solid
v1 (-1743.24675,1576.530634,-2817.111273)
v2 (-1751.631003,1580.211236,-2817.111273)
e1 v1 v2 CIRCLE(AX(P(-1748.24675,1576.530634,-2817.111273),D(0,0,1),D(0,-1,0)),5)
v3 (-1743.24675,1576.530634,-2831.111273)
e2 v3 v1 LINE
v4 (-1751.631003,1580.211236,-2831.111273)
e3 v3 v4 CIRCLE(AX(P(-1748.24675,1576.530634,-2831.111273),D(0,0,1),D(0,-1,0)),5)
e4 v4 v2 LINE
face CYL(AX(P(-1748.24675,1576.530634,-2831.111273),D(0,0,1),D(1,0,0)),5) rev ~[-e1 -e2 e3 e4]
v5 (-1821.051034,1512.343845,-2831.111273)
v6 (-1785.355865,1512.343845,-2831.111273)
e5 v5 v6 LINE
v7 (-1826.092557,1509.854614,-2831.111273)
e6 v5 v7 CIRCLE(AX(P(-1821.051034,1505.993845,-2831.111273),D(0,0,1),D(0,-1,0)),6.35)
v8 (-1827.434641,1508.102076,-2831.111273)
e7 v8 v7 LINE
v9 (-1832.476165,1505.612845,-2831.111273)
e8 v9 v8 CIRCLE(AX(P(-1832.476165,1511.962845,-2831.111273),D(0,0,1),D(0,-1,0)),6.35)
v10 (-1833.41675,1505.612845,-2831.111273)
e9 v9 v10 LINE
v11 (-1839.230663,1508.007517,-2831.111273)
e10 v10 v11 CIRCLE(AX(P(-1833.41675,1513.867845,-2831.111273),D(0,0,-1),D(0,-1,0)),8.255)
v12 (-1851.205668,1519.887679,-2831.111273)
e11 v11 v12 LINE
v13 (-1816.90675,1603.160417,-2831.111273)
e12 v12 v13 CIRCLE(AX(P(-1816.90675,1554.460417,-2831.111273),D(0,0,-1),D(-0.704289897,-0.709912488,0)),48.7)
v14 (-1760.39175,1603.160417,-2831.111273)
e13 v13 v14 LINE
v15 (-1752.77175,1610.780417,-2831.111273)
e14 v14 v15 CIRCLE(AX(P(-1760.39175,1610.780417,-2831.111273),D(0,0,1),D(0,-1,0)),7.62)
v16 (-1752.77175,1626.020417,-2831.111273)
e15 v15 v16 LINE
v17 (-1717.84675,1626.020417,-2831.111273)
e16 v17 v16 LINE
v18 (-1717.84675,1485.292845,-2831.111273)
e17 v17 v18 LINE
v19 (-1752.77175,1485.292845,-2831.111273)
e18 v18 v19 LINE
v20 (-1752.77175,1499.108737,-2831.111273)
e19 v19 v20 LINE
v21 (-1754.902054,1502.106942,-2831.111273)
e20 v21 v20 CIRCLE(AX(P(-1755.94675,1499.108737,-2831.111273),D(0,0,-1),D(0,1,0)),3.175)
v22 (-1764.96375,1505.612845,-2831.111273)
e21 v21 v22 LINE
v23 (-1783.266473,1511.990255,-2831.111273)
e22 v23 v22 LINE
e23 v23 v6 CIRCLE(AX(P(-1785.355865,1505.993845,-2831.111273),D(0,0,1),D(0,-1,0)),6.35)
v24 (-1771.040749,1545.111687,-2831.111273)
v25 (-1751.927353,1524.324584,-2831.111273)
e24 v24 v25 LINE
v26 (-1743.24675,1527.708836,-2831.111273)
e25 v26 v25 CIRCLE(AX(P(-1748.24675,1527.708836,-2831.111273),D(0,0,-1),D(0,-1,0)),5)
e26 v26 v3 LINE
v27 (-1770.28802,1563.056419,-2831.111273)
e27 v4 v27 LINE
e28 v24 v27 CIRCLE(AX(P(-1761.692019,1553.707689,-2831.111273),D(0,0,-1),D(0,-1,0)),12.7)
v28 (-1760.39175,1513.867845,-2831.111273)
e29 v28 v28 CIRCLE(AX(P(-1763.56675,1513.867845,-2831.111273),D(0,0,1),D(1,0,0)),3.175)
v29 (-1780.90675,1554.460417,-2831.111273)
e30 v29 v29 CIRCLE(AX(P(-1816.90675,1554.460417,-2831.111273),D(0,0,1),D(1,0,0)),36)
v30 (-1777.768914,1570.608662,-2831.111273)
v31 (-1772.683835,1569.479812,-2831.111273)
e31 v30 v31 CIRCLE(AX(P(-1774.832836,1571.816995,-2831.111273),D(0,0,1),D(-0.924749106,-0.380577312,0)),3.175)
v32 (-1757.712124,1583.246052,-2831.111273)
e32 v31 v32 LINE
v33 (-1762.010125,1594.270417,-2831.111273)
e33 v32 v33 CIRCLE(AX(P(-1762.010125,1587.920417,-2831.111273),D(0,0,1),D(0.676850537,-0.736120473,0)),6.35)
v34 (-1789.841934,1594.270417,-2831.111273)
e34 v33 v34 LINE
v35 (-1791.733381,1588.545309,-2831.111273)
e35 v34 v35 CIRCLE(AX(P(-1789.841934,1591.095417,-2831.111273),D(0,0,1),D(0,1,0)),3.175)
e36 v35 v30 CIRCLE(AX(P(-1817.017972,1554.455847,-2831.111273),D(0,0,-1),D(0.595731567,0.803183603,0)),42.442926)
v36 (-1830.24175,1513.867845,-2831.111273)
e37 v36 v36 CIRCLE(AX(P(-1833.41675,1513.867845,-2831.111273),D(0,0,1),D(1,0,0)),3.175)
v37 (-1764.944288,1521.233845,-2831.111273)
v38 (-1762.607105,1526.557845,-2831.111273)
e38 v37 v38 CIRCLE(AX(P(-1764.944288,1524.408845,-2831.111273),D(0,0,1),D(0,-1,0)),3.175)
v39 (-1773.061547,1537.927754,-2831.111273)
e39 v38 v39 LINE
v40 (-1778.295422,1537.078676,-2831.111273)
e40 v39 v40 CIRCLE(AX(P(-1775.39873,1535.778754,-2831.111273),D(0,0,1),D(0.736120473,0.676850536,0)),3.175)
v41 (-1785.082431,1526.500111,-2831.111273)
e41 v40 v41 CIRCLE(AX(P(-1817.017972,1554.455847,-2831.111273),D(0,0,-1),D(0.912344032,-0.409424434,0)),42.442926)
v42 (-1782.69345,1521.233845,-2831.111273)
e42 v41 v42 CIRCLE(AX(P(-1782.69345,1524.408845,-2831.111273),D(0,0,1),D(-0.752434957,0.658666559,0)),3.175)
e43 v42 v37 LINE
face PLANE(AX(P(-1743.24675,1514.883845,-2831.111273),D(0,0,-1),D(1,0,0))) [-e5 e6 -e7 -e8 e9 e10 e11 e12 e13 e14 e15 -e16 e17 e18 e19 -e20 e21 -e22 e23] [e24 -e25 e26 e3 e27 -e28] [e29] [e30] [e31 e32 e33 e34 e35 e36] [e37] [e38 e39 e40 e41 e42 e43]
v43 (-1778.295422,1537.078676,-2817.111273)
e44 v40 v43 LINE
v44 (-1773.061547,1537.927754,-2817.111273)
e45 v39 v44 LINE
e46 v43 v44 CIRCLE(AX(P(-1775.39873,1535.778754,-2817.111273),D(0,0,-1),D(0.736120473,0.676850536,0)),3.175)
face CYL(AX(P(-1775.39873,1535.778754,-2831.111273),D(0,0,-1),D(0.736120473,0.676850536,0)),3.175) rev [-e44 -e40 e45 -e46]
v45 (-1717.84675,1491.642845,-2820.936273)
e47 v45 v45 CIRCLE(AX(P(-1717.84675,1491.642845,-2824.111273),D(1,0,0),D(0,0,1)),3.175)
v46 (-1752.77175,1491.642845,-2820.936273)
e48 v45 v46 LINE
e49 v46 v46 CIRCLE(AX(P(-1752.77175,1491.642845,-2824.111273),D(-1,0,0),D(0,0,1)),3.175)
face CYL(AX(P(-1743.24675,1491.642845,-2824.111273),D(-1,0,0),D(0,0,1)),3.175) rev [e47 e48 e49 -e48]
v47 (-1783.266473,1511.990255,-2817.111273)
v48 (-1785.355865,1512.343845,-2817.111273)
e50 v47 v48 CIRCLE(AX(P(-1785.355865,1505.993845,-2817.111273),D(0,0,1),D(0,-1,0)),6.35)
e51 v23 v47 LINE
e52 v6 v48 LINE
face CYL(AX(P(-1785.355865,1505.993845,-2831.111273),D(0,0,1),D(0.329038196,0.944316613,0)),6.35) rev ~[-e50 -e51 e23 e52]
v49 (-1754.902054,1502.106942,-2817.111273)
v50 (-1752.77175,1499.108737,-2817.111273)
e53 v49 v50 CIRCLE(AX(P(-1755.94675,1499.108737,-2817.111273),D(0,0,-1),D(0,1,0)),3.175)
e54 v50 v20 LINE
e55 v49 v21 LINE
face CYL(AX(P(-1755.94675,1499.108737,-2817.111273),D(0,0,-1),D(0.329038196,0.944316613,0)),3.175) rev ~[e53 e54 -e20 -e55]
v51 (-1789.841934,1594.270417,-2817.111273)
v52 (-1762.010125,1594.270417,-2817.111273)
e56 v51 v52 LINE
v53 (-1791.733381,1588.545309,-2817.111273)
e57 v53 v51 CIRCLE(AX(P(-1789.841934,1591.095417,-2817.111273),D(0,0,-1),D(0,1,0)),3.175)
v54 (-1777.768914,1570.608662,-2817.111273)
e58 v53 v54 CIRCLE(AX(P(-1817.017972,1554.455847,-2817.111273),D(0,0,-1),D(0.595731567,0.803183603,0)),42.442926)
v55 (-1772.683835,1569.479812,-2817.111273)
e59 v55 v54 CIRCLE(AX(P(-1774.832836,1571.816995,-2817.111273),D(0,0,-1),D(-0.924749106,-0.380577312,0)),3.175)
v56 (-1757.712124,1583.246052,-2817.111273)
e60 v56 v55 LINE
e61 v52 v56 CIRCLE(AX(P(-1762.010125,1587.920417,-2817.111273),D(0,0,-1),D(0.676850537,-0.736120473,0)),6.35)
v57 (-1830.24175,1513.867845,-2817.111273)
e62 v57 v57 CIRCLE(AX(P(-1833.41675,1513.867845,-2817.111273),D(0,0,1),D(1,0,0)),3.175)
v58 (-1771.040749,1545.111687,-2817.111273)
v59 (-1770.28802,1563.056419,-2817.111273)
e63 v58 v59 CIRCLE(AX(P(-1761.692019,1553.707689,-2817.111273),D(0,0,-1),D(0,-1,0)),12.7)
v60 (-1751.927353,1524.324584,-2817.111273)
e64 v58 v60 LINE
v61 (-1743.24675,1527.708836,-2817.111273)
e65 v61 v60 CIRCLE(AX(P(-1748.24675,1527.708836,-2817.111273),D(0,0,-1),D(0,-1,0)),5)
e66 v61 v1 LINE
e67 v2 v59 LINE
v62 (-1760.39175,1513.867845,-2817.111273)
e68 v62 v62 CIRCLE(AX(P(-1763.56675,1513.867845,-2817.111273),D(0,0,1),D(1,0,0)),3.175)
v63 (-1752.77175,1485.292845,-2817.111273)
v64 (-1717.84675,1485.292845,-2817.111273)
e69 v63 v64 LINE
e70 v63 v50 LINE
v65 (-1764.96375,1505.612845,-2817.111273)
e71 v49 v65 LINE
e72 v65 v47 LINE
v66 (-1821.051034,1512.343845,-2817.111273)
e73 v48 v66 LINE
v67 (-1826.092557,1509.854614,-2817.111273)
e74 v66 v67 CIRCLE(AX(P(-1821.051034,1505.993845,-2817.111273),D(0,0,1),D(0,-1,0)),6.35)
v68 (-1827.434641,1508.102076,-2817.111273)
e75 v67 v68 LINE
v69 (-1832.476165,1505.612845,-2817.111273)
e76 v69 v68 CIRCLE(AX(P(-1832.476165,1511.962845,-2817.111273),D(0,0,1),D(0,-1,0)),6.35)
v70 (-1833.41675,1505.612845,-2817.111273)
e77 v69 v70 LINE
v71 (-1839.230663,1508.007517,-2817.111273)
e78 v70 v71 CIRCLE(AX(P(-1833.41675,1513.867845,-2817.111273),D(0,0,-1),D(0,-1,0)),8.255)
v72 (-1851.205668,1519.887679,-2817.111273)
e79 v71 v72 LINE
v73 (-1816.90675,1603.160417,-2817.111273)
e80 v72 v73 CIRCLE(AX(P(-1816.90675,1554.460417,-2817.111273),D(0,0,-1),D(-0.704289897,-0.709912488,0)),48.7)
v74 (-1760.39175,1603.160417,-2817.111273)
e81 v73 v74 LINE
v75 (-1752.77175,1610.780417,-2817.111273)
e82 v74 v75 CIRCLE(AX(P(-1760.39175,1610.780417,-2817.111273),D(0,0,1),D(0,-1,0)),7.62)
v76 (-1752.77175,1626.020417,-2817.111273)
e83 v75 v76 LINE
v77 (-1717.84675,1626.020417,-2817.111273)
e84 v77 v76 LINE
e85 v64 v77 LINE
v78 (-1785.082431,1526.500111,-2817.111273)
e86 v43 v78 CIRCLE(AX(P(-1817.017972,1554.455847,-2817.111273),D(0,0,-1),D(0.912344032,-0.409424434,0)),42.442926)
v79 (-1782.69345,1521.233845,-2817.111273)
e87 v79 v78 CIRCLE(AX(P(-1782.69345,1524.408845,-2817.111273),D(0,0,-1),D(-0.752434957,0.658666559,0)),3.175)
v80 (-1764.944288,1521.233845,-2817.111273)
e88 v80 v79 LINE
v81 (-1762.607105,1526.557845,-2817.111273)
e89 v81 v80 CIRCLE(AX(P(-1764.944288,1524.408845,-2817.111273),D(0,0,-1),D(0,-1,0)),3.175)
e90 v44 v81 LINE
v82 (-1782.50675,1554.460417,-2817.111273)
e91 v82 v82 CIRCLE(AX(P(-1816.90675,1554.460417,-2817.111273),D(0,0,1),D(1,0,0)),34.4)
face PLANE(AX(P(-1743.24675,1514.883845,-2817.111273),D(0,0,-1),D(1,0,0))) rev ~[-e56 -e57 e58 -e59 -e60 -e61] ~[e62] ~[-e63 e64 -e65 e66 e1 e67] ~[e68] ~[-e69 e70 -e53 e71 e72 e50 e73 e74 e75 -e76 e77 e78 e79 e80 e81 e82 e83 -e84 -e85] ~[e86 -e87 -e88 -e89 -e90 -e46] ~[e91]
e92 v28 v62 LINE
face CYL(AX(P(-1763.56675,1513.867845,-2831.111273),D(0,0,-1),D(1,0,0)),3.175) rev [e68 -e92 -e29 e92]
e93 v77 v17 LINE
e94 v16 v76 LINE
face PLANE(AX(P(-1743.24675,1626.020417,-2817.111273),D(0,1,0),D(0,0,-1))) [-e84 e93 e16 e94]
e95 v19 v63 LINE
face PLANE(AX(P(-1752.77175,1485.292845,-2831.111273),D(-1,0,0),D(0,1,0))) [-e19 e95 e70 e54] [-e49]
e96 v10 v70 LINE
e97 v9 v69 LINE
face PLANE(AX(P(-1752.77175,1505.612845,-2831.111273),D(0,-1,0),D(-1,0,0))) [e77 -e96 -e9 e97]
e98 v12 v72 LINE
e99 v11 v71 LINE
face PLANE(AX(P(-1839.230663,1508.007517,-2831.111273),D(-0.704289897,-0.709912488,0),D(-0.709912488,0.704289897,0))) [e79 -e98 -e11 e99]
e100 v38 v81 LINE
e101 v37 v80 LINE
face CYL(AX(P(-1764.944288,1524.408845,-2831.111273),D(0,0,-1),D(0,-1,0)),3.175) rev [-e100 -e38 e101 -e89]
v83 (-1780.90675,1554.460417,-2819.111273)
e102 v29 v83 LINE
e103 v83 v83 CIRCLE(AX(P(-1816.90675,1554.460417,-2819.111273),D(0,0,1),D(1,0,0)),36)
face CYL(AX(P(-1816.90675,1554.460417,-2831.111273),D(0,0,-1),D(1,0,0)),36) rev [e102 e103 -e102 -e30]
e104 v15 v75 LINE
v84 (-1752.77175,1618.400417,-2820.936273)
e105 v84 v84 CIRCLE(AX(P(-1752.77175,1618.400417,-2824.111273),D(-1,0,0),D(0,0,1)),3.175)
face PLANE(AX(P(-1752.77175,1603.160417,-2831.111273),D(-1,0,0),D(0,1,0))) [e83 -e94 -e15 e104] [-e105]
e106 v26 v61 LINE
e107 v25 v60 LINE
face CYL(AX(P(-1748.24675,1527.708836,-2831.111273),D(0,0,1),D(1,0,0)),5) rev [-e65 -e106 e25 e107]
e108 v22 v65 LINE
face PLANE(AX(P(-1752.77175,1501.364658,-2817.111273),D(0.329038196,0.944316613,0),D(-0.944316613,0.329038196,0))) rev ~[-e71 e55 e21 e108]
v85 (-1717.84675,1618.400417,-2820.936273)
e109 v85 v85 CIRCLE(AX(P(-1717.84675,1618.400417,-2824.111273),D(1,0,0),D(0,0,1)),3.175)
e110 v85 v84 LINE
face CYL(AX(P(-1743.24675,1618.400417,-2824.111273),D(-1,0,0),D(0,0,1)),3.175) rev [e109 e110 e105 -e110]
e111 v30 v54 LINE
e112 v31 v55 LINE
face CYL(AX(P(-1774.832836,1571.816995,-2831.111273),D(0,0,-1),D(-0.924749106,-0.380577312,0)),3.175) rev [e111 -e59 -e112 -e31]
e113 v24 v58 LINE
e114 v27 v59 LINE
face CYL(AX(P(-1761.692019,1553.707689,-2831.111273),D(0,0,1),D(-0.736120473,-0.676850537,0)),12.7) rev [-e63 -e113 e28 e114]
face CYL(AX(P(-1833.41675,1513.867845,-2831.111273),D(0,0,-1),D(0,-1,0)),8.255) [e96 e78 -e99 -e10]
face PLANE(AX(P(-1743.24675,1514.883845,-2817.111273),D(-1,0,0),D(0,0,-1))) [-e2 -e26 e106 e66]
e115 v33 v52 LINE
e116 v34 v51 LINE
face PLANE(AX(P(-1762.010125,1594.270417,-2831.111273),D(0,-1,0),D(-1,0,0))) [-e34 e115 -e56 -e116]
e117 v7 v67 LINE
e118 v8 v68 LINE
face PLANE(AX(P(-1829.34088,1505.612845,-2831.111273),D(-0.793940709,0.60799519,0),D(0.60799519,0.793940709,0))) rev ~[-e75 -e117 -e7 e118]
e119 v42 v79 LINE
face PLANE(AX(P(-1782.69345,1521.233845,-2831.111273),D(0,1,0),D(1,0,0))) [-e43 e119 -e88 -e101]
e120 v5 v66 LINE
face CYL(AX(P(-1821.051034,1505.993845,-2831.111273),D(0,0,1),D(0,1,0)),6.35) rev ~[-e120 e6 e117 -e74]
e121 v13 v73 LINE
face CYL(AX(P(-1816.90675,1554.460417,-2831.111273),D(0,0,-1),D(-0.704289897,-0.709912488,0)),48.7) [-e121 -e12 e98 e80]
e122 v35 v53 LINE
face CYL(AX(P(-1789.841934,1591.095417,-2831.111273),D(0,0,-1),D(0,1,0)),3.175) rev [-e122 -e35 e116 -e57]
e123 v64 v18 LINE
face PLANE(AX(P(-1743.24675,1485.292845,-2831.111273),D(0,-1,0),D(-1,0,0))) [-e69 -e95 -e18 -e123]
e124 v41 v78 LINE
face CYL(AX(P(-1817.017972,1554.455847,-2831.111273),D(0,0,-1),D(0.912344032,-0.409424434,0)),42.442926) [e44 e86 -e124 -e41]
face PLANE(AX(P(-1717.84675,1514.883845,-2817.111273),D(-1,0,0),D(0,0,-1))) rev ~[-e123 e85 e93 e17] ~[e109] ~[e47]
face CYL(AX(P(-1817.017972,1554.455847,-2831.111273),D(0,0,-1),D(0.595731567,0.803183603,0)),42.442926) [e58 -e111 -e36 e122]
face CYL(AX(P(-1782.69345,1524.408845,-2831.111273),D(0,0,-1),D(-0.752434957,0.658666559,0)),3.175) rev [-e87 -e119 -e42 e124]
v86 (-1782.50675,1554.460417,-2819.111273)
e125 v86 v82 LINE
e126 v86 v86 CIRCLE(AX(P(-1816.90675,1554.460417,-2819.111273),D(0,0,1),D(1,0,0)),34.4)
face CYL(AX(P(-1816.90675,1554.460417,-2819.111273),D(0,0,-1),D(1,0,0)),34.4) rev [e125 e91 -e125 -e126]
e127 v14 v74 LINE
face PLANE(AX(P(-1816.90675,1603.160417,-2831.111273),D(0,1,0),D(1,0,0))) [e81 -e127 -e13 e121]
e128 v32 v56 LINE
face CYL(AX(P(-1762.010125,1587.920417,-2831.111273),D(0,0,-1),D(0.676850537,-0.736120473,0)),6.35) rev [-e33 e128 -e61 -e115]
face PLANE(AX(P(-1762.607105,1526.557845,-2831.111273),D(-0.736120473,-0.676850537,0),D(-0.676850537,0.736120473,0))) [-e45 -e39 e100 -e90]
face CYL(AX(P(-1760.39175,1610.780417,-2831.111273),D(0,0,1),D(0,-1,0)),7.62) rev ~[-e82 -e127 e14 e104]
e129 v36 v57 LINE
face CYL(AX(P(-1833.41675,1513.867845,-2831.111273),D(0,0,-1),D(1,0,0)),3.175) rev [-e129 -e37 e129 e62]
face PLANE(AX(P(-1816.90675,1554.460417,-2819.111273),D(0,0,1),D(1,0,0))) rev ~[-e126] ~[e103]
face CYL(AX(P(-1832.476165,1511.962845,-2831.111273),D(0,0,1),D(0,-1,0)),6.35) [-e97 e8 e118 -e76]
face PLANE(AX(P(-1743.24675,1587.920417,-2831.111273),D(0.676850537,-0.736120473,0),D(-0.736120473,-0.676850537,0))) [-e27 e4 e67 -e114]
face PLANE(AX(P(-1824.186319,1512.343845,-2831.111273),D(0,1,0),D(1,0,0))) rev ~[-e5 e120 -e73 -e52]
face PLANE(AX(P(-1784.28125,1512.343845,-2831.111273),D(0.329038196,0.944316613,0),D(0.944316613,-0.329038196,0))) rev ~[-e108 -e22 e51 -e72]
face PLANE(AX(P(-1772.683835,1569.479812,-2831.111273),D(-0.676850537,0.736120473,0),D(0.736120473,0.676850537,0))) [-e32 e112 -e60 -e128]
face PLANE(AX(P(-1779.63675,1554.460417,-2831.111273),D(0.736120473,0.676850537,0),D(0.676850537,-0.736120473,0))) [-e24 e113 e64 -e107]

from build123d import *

# Parameters (mm, degrees)
BOSS_EXTRUDE1_DEPTH      = 8
BOSS_EXTRUDE1_DEPTH_BACK = 6
SKETCH1_R                = 36
SKETCH1_R_2              = 3.175
BOSS_EXTRUDE2_START      = -2
SKETCH3_R                = 36
SKETCH3_R_2              = 34.4
BOSS_EXTRUDE2_DEPTH      = 2
SKETCH4_R                = 3.175
CUT_EXTRUDE1_DEPTH       = 3267.782082753
FILLET11_R               = 12.7
CUT_EXTRUDE2_DEPTH       = 22.352
FILLET13_R               = 7.62
BOSS_EXTRUDE5_DEPTH      = 14
FILLET16_R               = 6.35
FILLET17_R               = 3.175
SKETCH10_W               = 14
SKETCH10_H               = 38.1
SKETCH10_R               = 3.175
SKETCH10_H_2             = 29.591
BOSS_EXTRUDE6_DEPTH      = 25.4
BOSS_EXTRUDE7_REACH      = 3394.349
SKETCH11_W               = 25.4
SKETCH11_H               = 14
FILLET18_R               = 5


with BuildPart() as part:
    # Sketch1 → Boss-Extrude1 (new, two sides: drawn at the far end of the back side and taken through both)
    with BuildSketch(Plane(origin=(-1819.591456758, 1585.913991712, -2825.111273399), x_dir=(1, 0, 0), z_dir=(0, 0, 1)).offset(-BOSS_EXTRUDE1_DEPTH_BACK)):
        with BuildLine():
            Line((2.684706364, 17.24642532), (66.819706364, 17.24642532))
            Line((66.819706364, 17.24642532), (66.819706364, 40.10642532))
            Line((66.819706364, 40.10642532), (76.344706364, 40.10642532))
            Line((76.344706364, 40.10642532), (76.344706364, 2.00642532))
            Line((76.344706364, 2.00642532), (39.954706364, -31.45357468))
            Line((39.954706364, -31.45357468), (76.344706364, -71.030146707))
            Line((76.344706364, -71.030146707), (76.344706364, -100.621146707))
            Line((76.344706364, -100.621146707), (66.819706364, -100.621146707))
            Line((66.819706364, -100.621146707), (66.819706364, -80.301146707))
            Line((66.819706364, -80.301146707), (-13.825293636, -80.301146707))
            ThreePointArc((-13.825293636, -80.301146707), (-16.969178238, -79.679037025), (-19.63920674, -77.906474293))
            Line((-19.63920674, -77.906474293), (-31.614211644, -66.026312835))
            ThreePointArc((-31.614211644, -66.026312835), (-42.345185642, -12.90636934), (2.684706364, 17.24642532))
        make_face()
        with Locations((2.684706364, -31.45357468)):
            Circle(SKETCH1_R, mode=Mode.SUBTRACT)
        with Locations((56.024706364, -72.046146707)):
            Circle(SKETCH1_R_2, mode=Mode.SUBTRACT)
        with Locations((-13.825293636, -72.046146707)):
            Circle(SKETCH1_R_2, mode=Mode.SUBTRACT)
    extrude(amount=BOSS_EXTRUDE1_DEPTH + BOSS_EXTRUDE1_DEPTH_BACK)

    # Sketch3 → Boss-Extrude2 (add)
    with BuildSketch(Plane.XY.offset(-2817.111273399).offset(BOSS_EXTRUDE2_START)):
        with Locations((-1816.906750395, 1554.460417032)):
            Circle(SKETCH3_R)
        with Locations((-1816.906750395, 1554.460417032)):
            Circle(SKETCH3_R_2, mode=Mode.SUBTRACT)
    extrude(amount=BOSS_EXTRUDE2_DEPTH)

    # Sketch4 → Cut-Extrude1 (cut, through all)
    with BuildSketch(Plane.ZY.offset(1752.771750395)):
        with Locations((-2824.111273399, 1618.400417032)):
            Circle(SKETCH4_R)
        with Locations((-2824.111273399, 1491.642845005)):
            Circle(SKETCH4_R)
    extrude(amount=-CUT_EXTRUDE1_DEPTH, mode=Mode.SUBTRACT)

    # Fillet11
    fillet11_edges = [part.edges().sort_by_distance(p)[0] for p in [
        (-1779.636750395, 1554.460417032, -2824.111273399),
    ]]
    fillet(fillet11_edges, radius=FILLET11_R)

    # Sketch6 → Cut-Extrude2 (cut)
    with BuildSketch(Plane(origin=(0, 0, -2831.111273399), x_dir=(-1, 0, 0), z_dir=(0, 0, -1))):
        with BuildLine():
            Line((1772.683835409, 1569.479812149), (1757.712123838, 1583.246052027))
            ThreePointArc((1757.712123838, 1583.246052027), (1756.093845604, 1590.22696014), (1762.010124746, 1594.270417032))
            Line((1762.010124746, 1594.270417032), (1789.841933512, 1594.270417032))
            ThreePointArc((1789.841933512, 1594.270417032), (1792.856665482, 1592.091417106), (1791.733381238, 1588.545309093))
            ThreePointArc((1791.733381238, 1588.545309093), (1783.527991751, 1580.529266005), (1777.768914276, 1570.608661686))
            ThreePointArc((1777.768914276, 1570.608661686), (1775.52091162, 1568.717450047), (1772.683835409, 1569.479812149))
        make_face()
        with BuildLine():
            Line((1782.693449915, 1521.233845005), (1764.944287612, 1521.233845005))
            ThreePointArc((1764.944287612, 1521.233845005), (1762.037080925, 1523.132610591), (1762.60710511, 1526.557845459))
            Line((1762.60710511, 1526.557845459), (1773.061547126, 1537.927754155))
            ThreePointArc((1773.061547126, 1537.927754155), (1775.907154759, 1538.912781284), (1778.29542193, 1537.07867628))
            ThreePointArc((1778.29542193, 1537.07867628), (1781.295178562, 1531.536772561), (1785.082430904, 1526.500111328))
            ThreePointArc((1785.082430904, 1526.500111328), (1785.584850577, 1523.097194437), (1782.693449915, 1521.233845005))
        make_face()
        Polygon((1824.186318893, 1512.343845005), (1784.281249696, 1512.343845005), (1764.963750395, 1505.612845005), (1752.771750395, 1505.612845005), (1752.771750395, 1485.292845005), (1829.340879649, 1505.612845005), align=None)
    extrude(amount=-CUT_EXTRUDE2_DEPTH, mode=Mode.SUBTRACT)

    # Fillet13
    fillet13_edges = [part.edges().sort_by_distance(p)[0] for p in [
        (-1752.771750395, 1603.160417032, -2824.111273399),
    ]]
    fillet(fillet13_edges, radius=FILLET13_R)

    # Sketch9 → Boss-Extrude5 (add)
    with BuildSketch(Plane.XY.offset(-2817.111273399)):
        Polygon((-1764.963750395, 1505.612845005), (-1752.771750395, 1505.612845005), (-1752.771750395, 1501.364657871), align=None)
    extrude(amount=-BOSS_EXTRUDE5_DEPTH)

    # Fillet16
    fillet16_edges = [part.edges().sort_by_distance(p)[0] for p in [
        (-1824.186318893, 1512.343845005, -2824.111273399),
        (-1829.340879649, 1505.612845005, -2824.111273399),
        (-1784.281249696, 1512.343845005, -2824.111273399),
    ]]
    fillet(fillet16_edges, radius=FILLET16_R)

    # Fillet17
    fillet17_edges = [part.edges().sort_by_distance(p)[0] for p in [
        (-1752.771750395, 1501.364657871, -2824.111273399),
    ]]
    fillet(fillet17_edges, radius=FILLET17_R)

    # Sketch10 → Boss-Extrude6 (add)
    # profile 1 of 2: a face of its own
    with BuildSketch(Plane(origin=(-1743.246750395, 0, 0), x_dir=(0, 0, -1), z_dir=(1, 0, 0))):
        with Locations((2824.111273399, 1606.970417032)):
            Rectangle(SKETCH10_W, SKETCH10_H)
        with Locations(Location((2824.111273399, 1618.400417032, 0), (0, 0, 180))):
            Circle(SKETCH10_R, mode=Mode.SUBTRACT)
    # profile 2 of 2: a face of its own
    with BuildSketch(Plane(origin=(-1743.246750395, 0, 0), x_dir=(0, 0, -1), z_dir=(1, 0, 0))):
        with Locations((2824.111273399, 1500.088345005)):
            Rectangle(SKETCH10_W, SKETCH10_H_2)
        with Locations(Location((2824.111273399, 1491.642845005, 0), (0, 0, 180))):
            Circle(SKETCH10_R, mode=Mode.SUBTRACT)
    extrude(amount=BOSS_EXTRUDE6_DEPTH)

    # Boss-Extrude7: up to this plane
    boss_extrude7_end = Plane(origin=(-1743.246750395, 1587.920417032, -2831.111273399), z_dir=(0.6768505367088385, -0.7361204731271623, 0))
    # Sketch11 → Boss-Extrude7 (add, up to the surface)
    with BuildSketch(Plane(origin=(0, 1514.883845005, 0), x_dir=(1, 0, 0), z_dir=(0, 1, 0)), mode=Mode.PRIVATE) as boss_extrude7_sk1:
        with Locations((-1730.546750395, 2824.111273399)):
            Rectangle(SKETCH11_W, SKETCH11_H)
    boss_extrude7_tool1 = split(extrude(boss_extrude7_sk1.sketch, amount=BOSS_EXTRUDE7_REACH, mode=Mode.PRIVATE), bisect_by=boss_extrude7_end, keep=Keep.BOTH, mode=Mode.PRIVATE)
    add(boss_extrude7_tool1.solids().sort_by_distance((-1730.54675, 1514.883845, -2824.111273))[0])

    # Fillet18
    fillet18_edges = [part.edges().sort_by_distance(p)[0] for p in [
        (-1743.246750395, 1587.920417032, -2824.111273399),
        (-1743.246750395, 1514.883845005, -2824.111273399),
    ]]
    fillet(fillet18_edges, radius=FILLET18_R)


solid = part.part
